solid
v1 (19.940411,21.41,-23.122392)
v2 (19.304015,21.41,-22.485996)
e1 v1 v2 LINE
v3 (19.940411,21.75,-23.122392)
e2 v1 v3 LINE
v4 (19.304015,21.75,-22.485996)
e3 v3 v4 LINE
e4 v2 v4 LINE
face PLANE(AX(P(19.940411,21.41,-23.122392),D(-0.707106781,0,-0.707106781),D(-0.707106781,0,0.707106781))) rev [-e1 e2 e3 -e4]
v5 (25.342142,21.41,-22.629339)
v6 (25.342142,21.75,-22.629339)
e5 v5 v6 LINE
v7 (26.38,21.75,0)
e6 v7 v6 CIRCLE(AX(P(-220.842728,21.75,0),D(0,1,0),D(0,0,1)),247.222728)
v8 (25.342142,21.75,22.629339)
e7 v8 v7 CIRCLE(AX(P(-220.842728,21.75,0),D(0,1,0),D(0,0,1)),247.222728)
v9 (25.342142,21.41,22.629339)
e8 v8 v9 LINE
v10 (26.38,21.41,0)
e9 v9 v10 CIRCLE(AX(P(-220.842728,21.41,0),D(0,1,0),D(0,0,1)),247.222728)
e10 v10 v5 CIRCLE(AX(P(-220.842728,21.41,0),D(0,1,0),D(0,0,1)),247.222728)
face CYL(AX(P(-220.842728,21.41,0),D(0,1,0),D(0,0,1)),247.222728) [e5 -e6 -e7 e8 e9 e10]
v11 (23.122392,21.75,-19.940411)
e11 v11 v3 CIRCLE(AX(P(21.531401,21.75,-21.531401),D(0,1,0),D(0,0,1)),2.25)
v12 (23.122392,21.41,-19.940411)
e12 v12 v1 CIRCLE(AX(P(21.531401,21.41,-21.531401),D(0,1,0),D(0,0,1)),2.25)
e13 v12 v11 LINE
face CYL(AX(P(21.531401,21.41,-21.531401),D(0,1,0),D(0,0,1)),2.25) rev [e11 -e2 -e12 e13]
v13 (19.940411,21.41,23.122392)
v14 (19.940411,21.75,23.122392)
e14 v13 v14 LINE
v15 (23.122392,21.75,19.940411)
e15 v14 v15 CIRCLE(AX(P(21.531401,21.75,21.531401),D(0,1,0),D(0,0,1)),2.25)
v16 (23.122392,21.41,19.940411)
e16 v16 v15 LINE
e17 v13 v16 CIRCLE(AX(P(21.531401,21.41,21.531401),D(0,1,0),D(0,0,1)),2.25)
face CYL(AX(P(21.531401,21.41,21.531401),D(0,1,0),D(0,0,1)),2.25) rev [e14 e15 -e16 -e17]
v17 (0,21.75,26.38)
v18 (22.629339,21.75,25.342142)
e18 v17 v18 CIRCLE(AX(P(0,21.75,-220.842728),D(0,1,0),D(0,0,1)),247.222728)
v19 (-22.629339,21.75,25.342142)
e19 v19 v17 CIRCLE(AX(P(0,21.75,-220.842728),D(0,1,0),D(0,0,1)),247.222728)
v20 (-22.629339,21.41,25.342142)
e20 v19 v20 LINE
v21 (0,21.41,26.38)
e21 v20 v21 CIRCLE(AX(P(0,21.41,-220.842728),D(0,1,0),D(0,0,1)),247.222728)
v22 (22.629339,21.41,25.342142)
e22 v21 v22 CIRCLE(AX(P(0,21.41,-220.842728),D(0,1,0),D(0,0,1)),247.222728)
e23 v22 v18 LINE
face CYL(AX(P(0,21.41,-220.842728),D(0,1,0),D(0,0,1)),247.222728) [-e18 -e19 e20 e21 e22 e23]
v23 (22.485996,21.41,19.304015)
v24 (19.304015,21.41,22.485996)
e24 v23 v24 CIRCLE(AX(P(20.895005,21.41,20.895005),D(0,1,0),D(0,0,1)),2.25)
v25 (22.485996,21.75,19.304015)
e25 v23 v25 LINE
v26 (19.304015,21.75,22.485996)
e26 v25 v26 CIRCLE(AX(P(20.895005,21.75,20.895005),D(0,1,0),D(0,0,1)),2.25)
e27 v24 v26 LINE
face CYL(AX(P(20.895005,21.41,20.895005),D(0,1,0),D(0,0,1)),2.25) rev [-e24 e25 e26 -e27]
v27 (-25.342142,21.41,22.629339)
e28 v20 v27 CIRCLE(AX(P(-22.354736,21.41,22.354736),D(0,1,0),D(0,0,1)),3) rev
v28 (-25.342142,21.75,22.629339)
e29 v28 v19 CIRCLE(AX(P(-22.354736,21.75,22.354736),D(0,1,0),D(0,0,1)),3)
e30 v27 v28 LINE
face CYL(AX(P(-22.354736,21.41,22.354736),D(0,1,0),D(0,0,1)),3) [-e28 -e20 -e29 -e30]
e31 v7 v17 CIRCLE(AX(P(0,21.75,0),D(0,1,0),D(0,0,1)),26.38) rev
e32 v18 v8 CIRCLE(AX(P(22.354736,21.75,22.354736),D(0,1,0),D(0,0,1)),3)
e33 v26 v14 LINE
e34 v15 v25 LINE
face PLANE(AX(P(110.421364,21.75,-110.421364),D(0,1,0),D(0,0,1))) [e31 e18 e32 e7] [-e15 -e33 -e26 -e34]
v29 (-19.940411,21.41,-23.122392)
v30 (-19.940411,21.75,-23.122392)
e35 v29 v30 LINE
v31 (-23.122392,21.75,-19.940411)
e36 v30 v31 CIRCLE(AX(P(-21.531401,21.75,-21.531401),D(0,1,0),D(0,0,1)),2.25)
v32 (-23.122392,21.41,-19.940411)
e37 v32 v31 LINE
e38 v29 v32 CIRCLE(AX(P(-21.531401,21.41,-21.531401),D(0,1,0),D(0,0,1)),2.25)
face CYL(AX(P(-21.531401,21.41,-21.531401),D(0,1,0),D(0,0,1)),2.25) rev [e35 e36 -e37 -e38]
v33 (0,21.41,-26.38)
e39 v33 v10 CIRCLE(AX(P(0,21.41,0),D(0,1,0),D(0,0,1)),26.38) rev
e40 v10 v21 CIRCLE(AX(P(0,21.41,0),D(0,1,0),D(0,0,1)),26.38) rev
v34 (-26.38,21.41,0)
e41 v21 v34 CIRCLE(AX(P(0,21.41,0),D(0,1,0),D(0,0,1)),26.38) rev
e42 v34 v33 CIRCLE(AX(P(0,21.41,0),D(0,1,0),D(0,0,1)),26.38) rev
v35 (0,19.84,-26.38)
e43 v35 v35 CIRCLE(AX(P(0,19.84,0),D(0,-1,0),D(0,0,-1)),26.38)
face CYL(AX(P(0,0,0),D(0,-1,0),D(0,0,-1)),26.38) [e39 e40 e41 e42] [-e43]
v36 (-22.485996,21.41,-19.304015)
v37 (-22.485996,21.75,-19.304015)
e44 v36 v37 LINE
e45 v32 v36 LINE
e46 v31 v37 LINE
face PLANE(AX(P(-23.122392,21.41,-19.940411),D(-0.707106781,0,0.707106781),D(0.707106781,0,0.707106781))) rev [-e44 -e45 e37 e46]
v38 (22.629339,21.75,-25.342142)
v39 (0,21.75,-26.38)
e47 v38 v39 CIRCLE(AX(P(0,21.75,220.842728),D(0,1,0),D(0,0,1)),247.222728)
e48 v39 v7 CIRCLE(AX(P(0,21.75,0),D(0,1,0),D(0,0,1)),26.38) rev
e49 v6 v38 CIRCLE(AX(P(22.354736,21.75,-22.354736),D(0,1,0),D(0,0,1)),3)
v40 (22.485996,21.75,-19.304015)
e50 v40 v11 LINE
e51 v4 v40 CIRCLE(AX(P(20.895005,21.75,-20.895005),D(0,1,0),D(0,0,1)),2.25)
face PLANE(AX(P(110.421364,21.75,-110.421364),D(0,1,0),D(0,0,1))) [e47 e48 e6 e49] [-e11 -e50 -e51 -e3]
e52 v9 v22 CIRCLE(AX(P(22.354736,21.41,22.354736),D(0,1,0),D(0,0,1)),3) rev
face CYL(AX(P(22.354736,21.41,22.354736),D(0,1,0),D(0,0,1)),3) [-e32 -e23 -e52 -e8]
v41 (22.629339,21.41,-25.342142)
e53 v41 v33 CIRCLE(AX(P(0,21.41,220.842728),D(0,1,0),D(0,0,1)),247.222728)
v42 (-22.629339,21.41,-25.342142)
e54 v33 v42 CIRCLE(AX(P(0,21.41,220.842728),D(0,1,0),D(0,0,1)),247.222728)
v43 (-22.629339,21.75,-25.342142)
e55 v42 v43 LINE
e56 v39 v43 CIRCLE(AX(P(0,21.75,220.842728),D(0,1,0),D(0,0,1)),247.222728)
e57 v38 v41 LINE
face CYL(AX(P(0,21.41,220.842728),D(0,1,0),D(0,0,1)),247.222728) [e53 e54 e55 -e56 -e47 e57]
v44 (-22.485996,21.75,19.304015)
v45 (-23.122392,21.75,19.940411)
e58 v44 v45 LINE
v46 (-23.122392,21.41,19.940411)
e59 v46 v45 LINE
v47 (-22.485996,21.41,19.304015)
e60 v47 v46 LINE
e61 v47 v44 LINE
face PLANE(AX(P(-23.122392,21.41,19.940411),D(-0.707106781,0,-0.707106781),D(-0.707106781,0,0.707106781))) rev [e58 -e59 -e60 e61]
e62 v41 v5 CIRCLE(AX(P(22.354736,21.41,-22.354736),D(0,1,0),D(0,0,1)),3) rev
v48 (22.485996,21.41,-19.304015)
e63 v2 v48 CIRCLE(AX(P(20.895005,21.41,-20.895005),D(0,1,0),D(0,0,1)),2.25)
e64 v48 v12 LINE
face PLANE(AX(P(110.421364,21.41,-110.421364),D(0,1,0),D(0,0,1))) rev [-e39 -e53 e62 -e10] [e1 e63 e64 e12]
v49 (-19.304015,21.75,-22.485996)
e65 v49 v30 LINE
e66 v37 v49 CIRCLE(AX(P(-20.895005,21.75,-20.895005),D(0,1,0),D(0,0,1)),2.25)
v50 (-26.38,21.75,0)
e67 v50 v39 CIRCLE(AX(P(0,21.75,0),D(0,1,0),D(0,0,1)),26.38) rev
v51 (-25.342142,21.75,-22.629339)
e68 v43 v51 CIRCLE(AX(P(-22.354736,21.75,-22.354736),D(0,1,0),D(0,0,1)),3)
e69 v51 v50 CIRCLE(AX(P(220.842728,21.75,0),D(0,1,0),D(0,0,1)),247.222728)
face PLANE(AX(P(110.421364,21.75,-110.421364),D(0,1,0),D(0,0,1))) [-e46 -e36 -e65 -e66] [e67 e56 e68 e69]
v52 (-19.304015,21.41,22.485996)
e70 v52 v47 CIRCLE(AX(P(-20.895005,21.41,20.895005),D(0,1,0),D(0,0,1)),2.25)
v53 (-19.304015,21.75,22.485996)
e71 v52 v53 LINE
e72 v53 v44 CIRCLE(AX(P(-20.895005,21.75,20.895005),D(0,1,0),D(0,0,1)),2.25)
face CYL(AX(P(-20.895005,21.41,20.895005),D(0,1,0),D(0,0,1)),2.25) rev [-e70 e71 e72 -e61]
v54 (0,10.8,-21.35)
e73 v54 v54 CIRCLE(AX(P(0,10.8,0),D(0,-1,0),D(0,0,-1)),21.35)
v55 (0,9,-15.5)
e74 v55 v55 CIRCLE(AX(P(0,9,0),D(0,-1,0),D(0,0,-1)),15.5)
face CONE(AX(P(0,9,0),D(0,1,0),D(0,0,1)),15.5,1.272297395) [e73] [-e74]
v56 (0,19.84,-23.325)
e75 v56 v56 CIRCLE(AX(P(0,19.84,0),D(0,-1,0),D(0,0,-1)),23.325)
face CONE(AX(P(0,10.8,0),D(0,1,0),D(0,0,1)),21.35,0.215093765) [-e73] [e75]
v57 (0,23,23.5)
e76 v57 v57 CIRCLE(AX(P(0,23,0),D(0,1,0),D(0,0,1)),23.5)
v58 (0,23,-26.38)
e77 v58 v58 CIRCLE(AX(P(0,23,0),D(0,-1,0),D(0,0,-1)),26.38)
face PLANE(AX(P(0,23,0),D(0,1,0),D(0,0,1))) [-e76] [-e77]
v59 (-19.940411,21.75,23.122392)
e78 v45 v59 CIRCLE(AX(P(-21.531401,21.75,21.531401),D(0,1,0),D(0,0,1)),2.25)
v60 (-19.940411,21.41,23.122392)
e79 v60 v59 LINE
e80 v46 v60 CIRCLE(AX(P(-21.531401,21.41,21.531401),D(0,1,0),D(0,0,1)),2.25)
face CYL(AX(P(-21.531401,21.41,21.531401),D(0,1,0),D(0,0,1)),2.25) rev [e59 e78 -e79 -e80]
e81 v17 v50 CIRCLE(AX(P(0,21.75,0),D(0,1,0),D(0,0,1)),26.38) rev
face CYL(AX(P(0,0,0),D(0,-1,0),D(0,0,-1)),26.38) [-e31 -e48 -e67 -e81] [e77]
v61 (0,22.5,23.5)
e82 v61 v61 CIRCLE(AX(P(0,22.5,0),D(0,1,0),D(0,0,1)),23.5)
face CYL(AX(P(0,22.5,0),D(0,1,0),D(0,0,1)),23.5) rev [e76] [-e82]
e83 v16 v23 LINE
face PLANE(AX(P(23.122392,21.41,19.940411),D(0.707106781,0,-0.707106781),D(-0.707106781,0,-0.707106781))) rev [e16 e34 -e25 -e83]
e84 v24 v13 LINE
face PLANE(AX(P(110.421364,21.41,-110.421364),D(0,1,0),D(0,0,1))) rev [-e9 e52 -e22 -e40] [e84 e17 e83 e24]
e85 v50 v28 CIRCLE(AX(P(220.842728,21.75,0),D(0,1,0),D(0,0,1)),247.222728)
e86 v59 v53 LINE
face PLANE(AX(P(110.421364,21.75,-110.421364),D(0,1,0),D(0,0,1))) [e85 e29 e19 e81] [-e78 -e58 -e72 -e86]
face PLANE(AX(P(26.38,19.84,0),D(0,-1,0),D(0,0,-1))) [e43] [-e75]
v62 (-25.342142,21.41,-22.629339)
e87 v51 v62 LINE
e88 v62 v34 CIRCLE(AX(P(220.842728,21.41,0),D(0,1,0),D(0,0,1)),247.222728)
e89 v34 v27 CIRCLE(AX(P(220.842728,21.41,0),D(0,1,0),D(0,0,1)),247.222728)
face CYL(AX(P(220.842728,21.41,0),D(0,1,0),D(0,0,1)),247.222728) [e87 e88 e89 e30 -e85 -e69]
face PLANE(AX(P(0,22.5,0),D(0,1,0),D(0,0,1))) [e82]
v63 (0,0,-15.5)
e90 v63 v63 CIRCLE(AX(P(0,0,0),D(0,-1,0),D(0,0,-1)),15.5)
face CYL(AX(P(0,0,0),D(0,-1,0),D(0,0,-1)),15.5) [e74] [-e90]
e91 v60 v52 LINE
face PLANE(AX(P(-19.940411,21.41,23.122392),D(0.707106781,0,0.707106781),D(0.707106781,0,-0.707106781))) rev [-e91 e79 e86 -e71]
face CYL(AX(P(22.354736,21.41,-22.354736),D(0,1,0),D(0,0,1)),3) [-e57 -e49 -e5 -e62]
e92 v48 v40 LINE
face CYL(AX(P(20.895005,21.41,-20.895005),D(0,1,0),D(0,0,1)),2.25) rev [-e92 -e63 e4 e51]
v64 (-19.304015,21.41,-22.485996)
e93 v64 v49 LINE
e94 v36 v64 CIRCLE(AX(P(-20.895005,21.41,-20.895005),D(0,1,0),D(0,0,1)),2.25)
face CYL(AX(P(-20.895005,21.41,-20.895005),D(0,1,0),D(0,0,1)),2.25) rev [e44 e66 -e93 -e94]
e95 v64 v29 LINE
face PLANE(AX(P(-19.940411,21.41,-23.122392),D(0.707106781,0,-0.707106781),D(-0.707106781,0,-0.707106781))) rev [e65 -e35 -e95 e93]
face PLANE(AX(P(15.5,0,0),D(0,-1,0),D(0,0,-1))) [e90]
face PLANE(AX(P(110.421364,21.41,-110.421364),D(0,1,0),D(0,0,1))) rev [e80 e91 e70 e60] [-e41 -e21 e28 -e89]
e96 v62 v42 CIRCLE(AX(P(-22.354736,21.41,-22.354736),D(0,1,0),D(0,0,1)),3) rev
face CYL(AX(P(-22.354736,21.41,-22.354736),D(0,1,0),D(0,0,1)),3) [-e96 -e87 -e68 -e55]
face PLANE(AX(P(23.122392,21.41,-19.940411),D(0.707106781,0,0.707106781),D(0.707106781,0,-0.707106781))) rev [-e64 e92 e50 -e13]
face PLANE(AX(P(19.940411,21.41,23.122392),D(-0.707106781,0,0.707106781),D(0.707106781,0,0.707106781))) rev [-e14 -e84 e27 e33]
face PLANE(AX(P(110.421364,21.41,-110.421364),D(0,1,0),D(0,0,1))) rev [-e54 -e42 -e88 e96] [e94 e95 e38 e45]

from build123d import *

# Parameters (mm, degrees)
BOSS_EXTRUDE1_DEPTH = 0.34
FILLET1_R           = 3
SKETCH3_R           = 23.5
CUT_EXTRUDE1_DEPTH  = 0.5


with BuildPart() as part:
    # Sketch1 → Revolve1 (revolve)
    with BuildSketch(Plane.XY, mode=Mode.PRIVATE) as revolve1_sk:
        Polygon((0, 0), (0, 23), (26.38, 23), (26.38, 19.84), (23.325, 19.84), (21.35, 10.8), (15.5, 9), (15.5, 0), align=None)
    revolve(revolve1_sk.sketch.rotate(Axis((0, 0, 0), (0, 1, 0)), 90), axis=Axis((0, 0, 0), (0, 1, 0)))

    # Sketch2 → Boss-Extrude1 (add)
    with BuildSketch(Plane(origin=(0, 21.75, 0), x_dir=(1, 0, 0), z_dir=(0, 1, 0))):
        with BuildLine():
            ThreePointArc((25.102290732, -25.102290732), (26.38, 0), (25.102290732, 25.102290732))
            ThreePointArc((25.102290732, 25.102290732), (0, 26.38), (-25.102290732, 25.102290732))
            ThreePointArc((-25.102290732, 25.102290732), (-26.38, 0), (-25.102290732, -25.102290732))
            ThreePointArc((-25.102290732, -25.102290732), (0, -26.38), (25.102290732, -25.102290732))
        make_face()
        with BuildLine():
            Line((-19.940411229, 23.122391745), (-19.304015126, 22.485995642))
            ThreePointArc((-19.304015126, 22.485995642), (-19.304015126, 19.304015126), (-22.485995642, 19.304015126))
            Line((-22.485995642, 19.304015126), (-23.122391745, 19.940411229))
            ThreePointArc((-23.122391745, 19.940411229), (-23.122391745, 23.122391745), (-19.940411229, 23.122391745))
        make_face(mode=Mode.SUBTRACT)
        with BuildLine():
            Line((23.122391745, 19.940411229), (22.485995642, 19.304015126))
            ThreePointArc((22.485995642, 19.304015126), (19.304015126, 19.304015126), (19.304015126, 22.485995642))
            Line((19.304015126, 22.485995642), (19.940411229, 23.122391745))
            ThreePointArc((19.940411229, 23.122391745), (23.122391745, 23.122391745), (23.122391745, 19.940411229))
        make_face(mode=Mode.SUBTRACT)
        with BuildLine():
            Line((19.940411229, -23.122391745), (19.304015126, -22.485995642))
            ThreePointArc((19.304015126, -22.485995642), (19.304015126, -19.304015126), (22.485995642, -19.304015126))
            Line((22.485995642, -19.304015126), (23.122391745, -19.940411229))
            ThreePointArc((23.122391745, -19.940411229), (23.122391745, -23.122391745), (19.940411229, -23.122391745))
        make_face(mode=Mode.SUBTRACT)
        with BuildLine():
            Line((-23.122391745, -19.940411229), (-22.485995642, -19.304015126))
            ThreePointArc((-22.485995642, -19.304015126), (-19.304015126, -19.304015126), (-19.304015126, -22.485995642))
            Line((-19.304015126, -22.485995642), (-19.940411229, -23.122391745))
            ThreePointArc((-19.940411229, -23.122391745), (-23.122391745, -23.122391745), (-23.122391745, -19.940411229))
        make_face(mode=Mode.SUBTRACT)
    extrude(amount=-BOSS_EXTRUDE1_DEPTH)

    # Fillet1
    fillet1_edges = [part.edges().sort_by_distance(p)[0] for p in [
        (-25.102290732, 21.58, 25.102290732),
        (-25.102290732, 21.58, -25.102290732),
        (25.102290732, 21.58, -25.102290732),
        (25.102290732, 21.58, 25.102290732),
    ]]
    fillet(fillet1_edges, radius=FILLET1_R)

    # Sketch3 → Cut-Extrude1 (cut)
    with BuildSketch(Plane(origin=(0, 23, 0), x_dir=(1, 0, 0), z_dir=(0, 1, 0))):
        with Locations(Location((0, 0, 0), (0, 0, 270))):
            Circle(SKETCH3_R)
    extrude(amount=-CUT_EXTRUDE1_DEPTH, mode=Mode.SUBTRACT)


solid = part.part
